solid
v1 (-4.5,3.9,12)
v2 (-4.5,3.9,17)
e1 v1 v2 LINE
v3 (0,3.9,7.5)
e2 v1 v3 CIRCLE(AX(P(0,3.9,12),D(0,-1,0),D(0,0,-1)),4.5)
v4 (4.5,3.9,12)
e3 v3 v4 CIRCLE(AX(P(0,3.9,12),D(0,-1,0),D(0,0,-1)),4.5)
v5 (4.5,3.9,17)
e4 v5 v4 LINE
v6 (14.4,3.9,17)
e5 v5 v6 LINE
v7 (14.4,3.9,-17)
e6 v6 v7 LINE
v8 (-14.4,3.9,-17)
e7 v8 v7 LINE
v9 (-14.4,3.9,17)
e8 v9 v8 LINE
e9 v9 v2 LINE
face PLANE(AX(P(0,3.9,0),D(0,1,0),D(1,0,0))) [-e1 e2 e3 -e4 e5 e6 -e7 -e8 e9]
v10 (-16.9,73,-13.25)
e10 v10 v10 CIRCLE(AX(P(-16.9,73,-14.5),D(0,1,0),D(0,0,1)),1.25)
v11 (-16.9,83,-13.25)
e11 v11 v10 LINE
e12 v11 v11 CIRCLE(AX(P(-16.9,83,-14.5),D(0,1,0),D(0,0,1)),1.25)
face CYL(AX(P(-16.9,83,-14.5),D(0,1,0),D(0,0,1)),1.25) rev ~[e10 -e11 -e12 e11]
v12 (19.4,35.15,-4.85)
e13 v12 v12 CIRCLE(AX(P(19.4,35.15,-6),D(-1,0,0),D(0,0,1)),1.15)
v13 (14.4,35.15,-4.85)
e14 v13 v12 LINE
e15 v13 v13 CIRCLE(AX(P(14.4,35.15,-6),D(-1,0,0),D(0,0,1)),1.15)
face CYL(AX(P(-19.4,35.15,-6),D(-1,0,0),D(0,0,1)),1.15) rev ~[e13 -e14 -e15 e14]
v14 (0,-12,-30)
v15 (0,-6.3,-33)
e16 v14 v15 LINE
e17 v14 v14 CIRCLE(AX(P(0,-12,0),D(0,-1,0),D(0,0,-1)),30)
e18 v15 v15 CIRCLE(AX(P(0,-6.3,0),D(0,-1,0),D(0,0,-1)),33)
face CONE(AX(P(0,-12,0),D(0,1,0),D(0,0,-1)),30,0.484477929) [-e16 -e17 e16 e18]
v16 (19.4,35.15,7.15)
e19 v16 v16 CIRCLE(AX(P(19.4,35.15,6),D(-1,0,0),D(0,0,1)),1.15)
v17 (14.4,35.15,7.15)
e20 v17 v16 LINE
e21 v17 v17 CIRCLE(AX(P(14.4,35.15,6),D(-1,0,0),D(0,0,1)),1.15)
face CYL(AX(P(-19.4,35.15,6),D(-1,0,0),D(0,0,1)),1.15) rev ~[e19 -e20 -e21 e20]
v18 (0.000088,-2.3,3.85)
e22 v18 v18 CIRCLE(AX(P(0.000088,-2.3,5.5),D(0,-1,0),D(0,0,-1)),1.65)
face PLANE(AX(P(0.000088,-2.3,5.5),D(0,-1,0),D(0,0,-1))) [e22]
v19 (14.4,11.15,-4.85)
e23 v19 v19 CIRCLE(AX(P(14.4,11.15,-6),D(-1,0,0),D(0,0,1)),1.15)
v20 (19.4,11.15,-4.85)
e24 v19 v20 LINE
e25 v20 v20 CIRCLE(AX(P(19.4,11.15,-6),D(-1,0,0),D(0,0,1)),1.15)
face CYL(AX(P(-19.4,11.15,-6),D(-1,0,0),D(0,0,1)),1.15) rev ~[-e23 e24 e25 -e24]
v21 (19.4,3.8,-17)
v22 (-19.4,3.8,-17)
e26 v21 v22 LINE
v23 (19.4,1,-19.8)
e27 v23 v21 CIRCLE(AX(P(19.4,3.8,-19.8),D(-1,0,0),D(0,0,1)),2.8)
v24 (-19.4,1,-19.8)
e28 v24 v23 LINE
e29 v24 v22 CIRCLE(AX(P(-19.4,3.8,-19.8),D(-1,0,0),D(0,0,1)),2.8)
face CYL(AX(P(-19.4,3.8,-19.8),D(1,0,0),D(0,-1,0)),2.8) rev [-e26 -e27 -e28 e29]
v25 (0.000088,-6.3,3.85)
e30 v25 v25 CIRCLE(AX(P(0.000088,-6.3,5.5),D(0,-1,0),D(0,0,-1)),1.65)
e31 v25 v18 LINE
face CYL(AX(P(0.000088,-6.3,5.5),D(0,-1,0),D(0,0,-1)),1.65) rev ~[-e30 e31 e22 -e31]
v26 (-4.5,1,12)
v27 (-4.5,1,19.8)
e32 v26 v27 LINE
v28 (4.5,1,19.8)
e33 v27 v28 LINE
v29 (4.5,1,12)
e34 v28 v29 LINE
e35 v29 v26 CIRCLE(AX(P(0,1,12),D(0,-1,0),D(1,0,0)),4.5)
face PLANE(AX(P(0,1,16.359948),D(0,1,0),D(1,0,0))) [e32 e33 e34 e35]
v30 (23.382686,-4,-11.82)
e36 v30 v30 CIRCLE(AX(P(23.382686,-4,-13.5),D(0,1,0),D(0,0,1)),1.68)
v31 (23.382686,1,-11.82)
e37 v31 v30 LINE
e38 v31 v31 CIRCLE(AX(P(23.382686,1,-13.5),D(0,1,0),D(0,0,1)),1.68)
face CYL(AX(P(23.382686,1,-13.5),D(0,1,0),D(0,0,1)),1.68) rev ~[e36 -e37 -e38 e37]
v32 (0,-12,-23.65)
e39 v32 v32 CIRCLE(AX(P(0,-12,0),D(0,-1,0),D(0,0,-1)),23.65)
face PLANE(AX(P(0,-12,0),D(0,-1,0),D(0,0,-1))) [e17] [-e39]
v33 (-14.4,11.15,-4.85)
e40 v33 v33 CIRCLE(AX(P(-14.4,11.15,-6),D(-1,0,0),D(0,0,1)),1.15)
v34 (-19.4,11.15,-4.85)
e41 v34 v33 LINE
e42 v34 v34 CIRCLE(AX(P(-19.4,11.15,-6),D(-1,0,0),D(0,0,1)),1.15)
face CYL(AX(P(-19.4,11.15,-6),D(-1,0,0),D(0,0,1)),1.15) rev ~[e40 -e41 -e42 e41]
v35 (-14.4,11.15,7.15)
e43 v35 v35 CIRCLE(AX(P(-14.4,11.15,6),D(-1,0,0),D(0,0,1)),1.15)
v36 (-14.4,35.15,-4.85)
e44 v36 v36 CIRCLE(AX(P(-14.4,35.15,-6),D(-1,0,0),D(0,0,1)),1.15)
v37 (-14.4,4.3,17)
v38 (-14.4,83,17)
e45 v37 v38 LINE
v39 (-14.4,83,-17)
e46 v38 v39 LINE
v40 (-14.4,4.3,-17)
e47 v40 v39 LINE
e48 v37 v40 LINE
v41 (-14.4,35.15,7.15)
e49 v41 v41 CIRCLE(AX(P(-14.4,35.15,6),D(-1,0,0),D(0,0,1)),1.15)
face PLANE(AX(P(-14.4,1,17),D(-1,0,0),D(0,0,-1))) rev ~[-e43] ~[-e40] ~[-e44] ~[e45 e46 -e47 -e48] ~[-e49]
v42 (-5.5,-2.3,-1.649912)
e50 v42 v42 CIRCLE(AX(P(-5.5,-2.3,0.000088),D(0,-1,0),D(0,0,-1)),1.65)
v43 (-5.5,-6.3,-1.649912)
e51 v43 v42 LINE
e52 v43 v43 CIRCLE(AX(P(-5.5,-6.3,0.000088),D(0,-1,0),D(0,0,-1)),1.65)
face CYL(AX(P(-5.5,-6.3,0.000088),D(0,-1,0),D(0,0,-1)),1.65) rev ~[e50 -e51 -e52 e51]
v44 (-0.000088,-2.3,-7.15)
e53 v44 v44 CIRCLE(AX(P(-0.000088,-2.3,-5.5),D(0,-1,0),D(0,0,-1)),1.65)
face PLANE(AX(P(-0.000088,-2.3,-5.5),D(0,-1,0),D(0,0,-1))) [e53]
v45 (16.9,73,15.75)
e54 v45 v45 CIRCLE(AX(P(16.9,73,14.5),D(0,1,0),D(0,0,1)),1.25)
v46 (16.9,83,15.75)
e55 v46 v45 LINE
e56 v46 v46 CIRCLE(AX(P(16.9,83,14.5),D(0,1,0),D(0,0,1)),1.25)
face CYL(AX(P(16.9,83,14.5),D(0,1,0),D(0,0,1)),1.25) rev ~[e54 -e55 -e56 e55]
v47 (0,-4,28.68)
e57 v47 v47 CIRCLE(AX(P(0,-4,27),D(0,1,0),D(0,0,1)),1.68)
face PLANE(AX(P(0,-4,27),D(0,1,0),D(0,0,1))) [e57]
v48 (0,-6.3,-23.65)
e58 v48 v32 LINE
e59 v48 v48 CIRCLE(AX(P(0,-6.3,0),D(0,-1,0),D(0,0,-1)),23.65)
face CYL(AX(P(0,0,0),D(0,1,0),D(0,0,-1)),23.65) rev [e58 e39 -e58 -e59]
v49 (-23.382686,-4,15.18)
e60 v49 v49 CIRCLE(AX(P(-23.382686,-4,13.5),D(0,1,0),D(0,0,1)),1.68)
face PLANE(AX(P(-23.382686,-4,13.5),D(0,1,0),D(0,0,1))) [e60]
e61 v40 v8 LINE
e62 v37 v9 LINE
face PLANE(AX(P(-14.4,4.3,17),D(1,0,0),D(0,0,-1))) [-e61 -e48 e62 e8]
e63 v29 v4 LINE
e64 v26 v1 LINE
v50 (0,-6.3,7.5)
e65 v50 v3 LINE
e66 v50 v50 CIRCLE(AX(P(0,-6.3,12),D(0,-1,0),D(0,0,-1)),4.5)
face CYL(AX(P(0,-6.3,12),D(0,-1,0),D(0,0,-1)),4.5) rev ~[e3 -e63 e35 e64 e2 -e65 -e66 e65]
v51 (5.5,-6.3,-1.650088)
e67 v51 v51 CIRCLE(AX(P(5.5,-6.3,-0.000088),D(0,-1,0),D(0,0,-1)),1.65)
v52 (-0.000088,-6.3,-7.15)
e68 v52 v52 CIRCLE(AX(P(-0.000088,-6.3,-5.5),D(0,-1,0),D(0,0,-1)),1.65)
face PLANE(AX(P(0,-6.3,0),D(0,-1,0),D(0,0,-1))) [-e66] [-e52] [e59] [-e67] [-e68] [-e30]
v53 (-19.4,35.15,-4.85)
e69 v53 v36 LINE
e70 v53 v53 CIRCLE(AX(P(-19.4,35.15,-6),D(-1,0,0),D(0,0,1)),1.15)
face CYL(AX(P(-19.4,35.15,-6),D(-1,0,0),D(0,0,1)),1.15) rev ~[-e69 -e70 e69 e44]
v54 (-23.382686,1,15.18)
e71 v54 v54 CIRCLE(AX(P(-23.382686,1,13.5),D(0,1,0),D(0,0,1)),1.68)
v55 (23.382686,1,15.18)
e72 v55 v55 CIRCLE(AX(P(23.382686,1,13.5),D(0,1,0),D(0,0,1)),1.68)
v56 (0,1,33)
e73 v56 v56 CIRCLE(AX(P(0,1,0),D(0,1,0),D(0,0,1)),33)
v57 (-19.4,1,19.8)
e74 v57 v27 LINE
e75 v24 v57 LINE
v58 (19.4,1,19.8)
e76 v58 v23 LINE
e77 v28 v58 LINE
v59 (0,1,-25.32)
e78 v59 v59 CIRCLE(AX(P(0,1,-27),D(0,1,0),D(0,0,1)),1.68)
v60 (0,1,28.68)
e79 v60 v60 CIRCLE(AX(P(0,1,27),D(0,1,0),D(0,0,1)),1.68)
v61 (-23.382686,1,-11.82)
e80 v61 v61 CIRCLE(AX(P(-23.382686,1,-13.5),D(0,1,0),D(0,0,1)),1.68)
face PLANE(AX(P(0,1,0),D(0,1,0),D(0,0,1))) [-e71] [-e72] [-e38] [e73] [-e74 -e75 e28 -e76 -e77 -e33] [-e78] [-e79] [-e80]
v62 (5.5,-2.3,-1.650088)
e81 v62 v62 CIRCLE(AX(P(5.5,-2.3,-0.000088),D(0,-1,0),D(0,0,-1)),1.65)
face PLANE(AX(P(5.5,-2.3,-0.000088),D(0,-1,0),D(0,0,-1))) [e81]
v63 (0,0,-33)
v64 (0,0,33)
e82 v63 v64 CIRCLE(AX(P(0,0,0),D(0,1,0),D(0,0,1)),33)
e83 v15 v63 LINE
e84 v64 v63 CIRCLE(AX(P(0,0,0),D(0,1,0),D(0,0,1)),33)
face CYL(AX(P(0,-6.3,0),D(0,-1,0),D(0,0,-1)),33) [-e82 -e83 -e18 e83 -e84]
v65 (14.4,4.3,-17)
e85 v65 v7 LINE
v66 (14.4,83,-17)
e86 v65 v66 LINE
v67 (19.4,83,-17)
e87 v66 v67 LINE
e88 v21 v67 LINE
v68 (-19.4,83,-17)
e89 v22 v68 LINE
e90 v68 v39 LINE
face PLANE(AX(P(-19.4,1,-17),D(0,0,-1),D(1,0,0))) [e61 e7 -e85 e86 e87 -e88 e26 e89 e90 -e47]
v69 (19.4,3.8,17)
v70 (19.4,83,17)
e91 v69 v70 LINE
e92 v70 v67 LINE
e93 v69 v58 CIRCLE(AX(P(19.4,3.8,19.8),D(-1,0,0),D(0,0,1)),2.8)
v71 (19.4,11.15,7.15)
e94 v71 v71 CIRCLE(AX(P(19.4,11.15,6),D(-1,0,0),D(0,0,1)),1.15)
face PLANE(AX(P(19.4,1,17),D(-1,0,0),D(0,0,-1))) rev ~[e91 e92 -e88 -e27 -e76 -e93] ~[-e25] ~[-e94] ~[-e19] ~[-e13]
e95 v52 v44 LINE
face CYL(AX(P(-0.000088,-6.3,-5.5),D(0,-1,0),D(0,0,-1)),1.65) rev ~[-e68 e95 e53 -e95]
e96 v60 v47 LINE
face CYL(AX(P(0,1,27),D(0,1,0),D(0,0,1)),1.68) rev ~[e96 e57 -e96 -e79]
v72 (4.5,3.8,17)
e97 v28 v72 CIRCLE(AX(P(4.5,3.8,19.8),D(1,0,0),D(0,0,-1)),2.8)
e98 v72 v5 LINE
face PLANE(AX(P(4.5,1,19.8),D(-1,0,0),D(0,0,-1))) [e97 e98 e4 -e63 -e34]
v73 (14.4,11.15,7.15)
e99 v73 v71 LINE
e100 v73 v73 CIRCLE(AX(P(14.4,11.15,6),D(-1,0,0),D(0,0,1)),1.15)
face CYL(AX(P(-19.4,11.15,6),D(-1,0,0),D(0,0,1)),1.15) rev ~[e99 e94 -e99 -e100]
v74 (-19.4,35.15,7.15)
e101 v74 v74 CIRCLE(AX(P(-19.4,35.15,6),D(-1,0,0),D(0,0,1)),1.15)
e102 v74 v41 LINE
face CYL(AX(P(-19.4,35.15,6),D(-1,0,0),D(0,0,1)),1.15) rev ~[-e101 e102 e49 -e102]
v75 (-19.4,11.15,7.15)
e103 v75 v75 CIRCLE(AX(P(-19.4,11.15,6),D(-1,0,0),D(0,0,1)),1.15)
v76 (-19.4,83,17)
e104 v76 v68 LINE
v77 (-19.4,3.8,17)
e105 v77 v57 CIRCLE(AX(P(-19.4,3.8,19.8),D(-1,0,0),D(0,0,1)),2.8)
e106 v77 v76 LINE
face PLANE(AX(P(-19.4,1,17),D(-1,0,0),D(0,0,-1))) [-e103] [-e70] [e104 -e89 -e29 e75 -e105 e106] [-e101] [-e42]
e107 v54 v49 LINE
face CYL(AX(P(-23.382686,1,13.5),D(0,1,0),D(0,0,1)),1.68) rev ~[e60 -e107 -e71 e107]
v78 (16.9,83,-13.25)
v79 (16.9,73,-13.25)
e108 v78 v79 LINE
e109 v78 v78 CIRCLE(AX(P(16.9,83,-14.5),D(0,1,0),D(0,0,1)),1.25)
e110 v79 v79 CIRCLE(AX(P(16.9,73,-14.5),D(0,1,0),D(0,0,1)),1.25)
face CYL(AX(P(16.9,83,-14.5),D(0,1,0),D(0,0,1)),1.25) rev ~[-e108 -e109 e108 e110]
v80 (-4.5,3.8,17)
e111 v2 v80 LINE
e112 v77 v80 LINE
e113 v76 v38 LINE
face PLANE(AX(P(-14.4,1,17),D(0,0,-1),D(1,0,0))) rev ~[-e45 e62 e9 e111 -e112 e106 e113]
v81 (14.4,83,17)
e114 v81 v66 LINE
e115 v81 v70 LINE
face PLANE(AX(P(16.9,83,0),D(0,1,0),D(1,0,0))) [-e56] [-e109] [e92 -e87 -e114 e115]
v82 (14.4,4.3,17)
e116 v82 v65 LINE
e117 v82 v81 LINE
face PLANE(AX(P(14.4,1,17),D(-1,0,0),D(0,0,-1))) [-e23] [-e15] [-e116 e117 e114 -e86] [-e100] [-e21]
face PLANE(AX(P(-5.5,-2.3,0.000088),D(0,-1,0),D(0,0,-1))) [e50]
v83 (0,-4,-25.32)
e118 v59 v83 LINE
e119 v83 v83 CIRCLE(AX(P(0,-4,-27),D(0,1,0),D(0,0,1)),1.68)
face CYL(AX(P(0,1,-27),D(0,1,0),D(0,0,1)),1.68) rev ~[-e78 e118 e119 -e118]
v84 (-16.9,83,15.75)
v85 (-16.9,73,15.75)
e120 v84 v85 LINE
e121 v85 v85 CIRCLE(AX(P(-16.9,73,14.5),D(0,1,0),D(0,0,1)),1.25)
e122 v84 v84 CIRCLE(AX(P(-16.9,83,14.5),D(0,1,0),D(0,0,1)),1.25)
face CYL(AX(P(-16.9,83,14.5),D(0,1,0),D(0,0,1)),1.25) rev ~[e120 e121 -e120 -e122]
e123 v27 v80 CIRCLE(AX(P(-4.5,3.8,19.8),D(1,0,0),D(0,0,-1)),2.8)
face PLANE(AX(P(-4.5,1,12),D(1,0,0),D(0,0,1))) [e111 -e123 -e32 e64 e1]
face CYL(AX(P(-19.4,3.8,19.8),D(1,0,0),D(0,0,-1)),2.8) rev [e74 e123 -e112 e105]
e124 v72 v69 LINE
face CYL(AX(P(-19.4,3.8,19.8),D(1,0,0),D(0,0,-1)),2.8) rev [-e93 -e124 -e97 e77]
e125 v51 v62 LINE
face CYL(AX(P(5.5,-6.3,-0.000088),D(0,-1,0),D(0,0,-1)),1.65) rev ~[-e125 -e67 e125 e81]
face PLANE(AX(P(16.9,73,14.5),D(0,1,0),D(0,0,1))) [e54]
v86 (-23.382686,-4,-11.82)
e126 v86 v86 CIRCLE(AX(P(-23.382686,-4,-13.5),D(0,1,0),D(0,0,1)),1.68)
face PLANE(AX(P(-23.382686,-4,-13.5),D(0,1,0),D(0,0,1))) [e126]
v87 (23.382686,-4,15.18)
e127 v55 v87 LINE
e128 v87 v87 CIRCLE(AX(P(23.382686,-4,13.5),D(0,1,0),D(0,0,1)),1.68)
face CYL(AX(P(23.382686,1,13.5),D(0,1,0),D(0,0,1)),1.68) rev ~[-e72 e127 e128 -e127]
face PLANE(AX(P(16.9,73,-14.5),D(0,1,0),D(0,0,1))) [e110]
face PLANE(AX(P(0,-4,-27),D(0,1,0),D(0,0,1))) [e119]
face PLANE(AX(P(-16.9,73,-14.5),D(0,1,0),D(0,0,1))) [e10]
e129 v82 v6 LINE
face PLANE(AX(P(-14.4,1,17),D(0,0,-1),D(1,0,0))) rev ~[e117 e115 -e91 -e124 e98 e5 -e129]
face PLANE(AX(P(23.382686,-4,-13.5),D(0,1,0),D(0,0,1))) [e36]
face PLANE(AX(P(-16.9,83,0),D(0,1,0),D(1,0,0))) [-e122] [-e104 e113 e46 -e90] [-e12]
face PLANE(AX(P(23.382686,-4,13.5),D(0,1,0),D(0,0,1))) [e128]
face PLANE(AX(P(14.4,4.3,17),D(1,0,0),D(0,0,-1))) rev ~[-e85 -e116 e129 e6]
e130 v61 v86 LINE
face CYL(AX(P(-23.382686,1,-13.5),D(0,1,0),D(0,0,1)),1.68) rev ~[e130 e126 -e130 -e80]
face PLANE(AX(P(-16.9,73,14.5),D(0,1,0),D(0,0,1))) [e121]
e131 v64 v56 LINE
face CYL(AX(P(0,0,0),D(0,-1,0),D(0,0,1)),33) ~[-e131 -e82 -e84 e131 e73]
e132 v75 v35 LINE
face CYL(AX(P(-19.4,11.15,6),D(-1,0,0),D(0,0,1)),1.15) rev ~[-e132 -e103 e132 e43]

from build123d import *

# Parameters (mm, degrees)
CROQUIS2_R              = 33
SALIENTE_EXTRUIR1_DEPTH = 1
SALIENTE_EXTRUIR2_START = 6.3
CROQUIS3_R              = 33
CROQUIS3_R_2            = 27.85
SALIENTE_EXTRUIR2_DEPTH = 6.3
CROQUIS4_W              = 5
CROQUIS4_H              = 34
SALIENTE_EXTRUIR3_DEPTH = 82
CROQUIS5_W              = 28.8
CROQUIS5_H              = 34
SALIENTE_EXTRUIR4_DEPTH = 3.3
CROQUIS6_R              = 1.5
CORTAR_EXTRUIR1_DEPTH   = 5
REDONDEO2_R             = 2.8
CROQUIS7_R              = 1.25
CORTAR_EXTRUIR2_DEPTH   = 10
CROQUIS9_R              = 30
CROQUIS9_R_2            = 23.65
SALIENTE_EXTRUIR5_DEPTH = 12
CROQUIS10_R             = 23.65
SALIENTE_EXTRUIR6_DEPTH = 6.3
CROQUIS12_R             = 1.65
CORTAR_EXTRUIR4_DEPTH   = 4
CROQUIS13_R             = 1.68
CORTAR_EXTRUIR5_DEPTH   = 5
CORTAR_EXTRUIR9_REACH   = 102.76
CROQUIS14_R             = 4.5
CROQUIS16_W             = 28.8
CROQUIS16_H             = 34
CORTAR_EXTRUIR11_DEPTH  = 0.4
CORTAR_EXTRUIR12_START  = -2.9
CORTAR_EXTRUIR12_DEPTH  = 2.9
CORTAR_EXTRUIR13_REACH  = 105.556
CROQUIS18_R             = 1.15


with BuildPart() as part:
    # Croquis2 → Saliente-Extruir1 (new body)
    with BuildSketch(Plane(origin=(0, 0, 0), x_dir=(1, 0, 0), z_dir=(0, 1, 0))):
        with Locations(Location((0, 0, 0), (0, 0, 270))):
            Circle(CROQUIS2_R)
    extrude(amount=SALIENTE_EXTRUIR1_DEPTH)

    # Croquis3 → Saliente-Extruir2 (add)
    with BuildSketch(Plane.XZ.offset(SALIENTE_EXTRUIR2_START)):
        with Locations(Location((0, 0, 0), (0, 0, 270))):
            Circle(CROQUIS3_R)
        with Locations(Location((0, 0, 0), (0, 0, 270))):
            Circle(CROQUIS3_R_2, mode=Mode.SUBTRACT)
    extrude(amount=-SALIENTE_EXTRUIR2_DEPTH)

    # Croquis4 → Saliente-Extruir3 (add)
    with BuildSketch(Plane(origin=(0, 1, 0), x_dir=(1, 0, 0), z_dir=(0, 1, 0))):
        with Locations((-16.9, 0)):
            Rectangle(CROQUIS4_W, CROQUIS4_H)
        with Locations((16.9, 0)):
            Rectangle(CROQUIS4_W, CROQUIS4_H)
    extrude(amount=SALIENTE_EXTRUIR3_DEPTH)

    # Croquis5 → Saliente-Extruir4 (add)
    with BuildSketch(Plane(origin=(0, 1, 0), x_dir=(1, 0, 0), z_dir=(0, 1, 0))):
        Rectangle(CROQUIS5_W, CROQUIS5_H)
    extrude(amount=SALIENTE_EXTRUIR4_DEPTH)

    # Croquis6 → Cortar-Extruir1 (cut)
    with BuildSketch(Plane(origin=(0, 1, 0), x_dir=(1, 0, 0), z_dir=(0, 1, 0))):
        with Locations(Location((23.382685902, 13.5, 0), (0, 0, 270))):
            Circle(CROQUIS6_R)
        with Locations(Location((0, 27, 0), (0, 0, 270))):
            Circle(CROQUIS6_R)
        with Locations(Location((23.382685902, -13.5, 0), (0, 0, 270))):
            Circle(CROQUIS6_R)
        with Locations(Location((0, -27, 0), (0, 0, 270))):
            Circle(CROQUIS6_R)
        with Locations(Location((-23.382685902, -13.5, 0), (0, 0, 270))):
            Circle(CROQUIS6_R)
        with Locations(Location((-23.382685902, 13.5, 0), (0, 0, 270))):
            Circle(CROQUIS6_R)
    extrude(amount=-CORTAR_EXTRUIR1_DEPTH, mode=Mode.SUBTRACT)

    # Redondeo2
    redondeo2_edges = [part.edges().sort_by_distance(p)[0] for p in [
        (0, 1, 17),
        (0, 1, -17),
    ]]
    fillet(redondeo2_edges, radius=REDONDEO2_R)

    # Croquis7 → Cortar-Extruir2 (cut)
    with BuildSketch(Plane(origin=(0, 83, 0), x_dir=(1, 0, 0), z_dir=(0, 1, 0))):
        with Locations(Location((16.9, 14.5, 0), (0, 0, 270))):
            Circle(CROQUIS7_R)
        with Locations(Location((-16.9, 14.5, 0), (0, 0, 270))):
            Circle(CROQUIS7_R)
        with Locations(Location((-16.9, -14.5, 0), (0, 0, 270))):
            Circle(CROQUIS7_R)
        with Locations(Location((16.9, -14.5, 0), (0, 0, 270))):
            Circle(CROQUIS7_R)
    extrude(amount=-CORTAR_EXTRUIR2_DEPTH, mode=Mode.SUBTRACT)

    # Croquis9 → Saliente-Extruir5 (add)
    with BuildSketch(Plane.XZ):
        with Locations(Location((0, 0, 0), (0, 0, 270))):
            Circle(CROQUIS9_R)
        with Locations(Location((0, 0, 0), (0, 0, 270))):
            Circle(CROQUIS9_R_2, mode=Mode.SUBTRACT)
    extrude(amount=SALIENTE_EXTRUIR5_DEPTH)

    # Croquis10 → Saliente-Extruir6 (add)
    with BuildSketch(Plane.XZ):
        with Locations(Location((0, 0, 0), (0, 0, 270))):
            Circle(CROQUIS10_R)
    extrude(amount=SALIENTE_EXTRUIR6_DEPTH)

    # Croquis11 → Revolución1 (revolve)
    with BuildSketch(Plane(origin=(0, 0, 0), x_dir=(0, 0, -1), z_dir=(1, 0, 0))):
        Polygon((33, -6.3), (30, -6.3), (30, -12), align=None)
    revolve(axis=Axis((0, -12, 0), (0, 1, 0)))

    # Croquis12 → Cortar-Extruir4 (cut)
    with BuildSketch(Plane.XZ.offset(6.3)):
        with Locations(Location((-8.7777e-05, -5.499999999, 0), (0, 0, 270))):
            Circle(CROQUIS12_R)
        with Locations(Location((5.499999999, -8.7777e-05, 0), (0, 0, 270))):
            Circle(CROQUIS12_R)
        with Locations(Location((-5.499999999, 8.7777e-05, 0), (0, 0, 270))):
            Circle(CROQUIS12_R)
        with Locations(Location((8.7777e-05, 5.499999999, 0), (0, 0, 270))):
            Circle(CROQUIS12_R)
    extrude(amount=-CORTAR_EXTRUIR4_DEPTH, mode=Mode.SUBTRACT)

    # Croquis13 → Cortar-Extruir5 (cut)
    with BuildSketch(Plane(origin=(0, 1, 0), x_dir=(1, 0, 0), z_dir=(0, 1, 0))):
        with Locations(Location((-23.382685902, 13.5, 0), (0, 0, 270))):
            Circle(CROQUIS13_R)
        with Locations(Location((0, 27, 0), (0, 0, 270))):
            Circle(CROQUIS13_R)
        with Locations(Location((23.382685902, 13.5, 0), (0, 0, 270))):
            Circle(CROQUIS13_R)
        with Locations(Location((23.382685902, -13.5, 0), (0, 0, 270))):
            Circle(CROQUIS13_R)
        with Locations(Location((0, -27, 0), (0, 0, 270))):
            Circle(CROQUIS13_R)
        with Locations(Location((-23.382685902, -13.5, 0), (0, 0, 270))):
            Circle(CROQUIS13_R)
    extrude(amount=-CORTAR_EXTRUIR5_DEPTH, mode=Mode.SUBTRACT)

    # Croquis14 → Cortar-Extruir9 (cut, up to next)
    with BuildSketch(Plane.XZ.offset(6.3), mode=Mode.PRIVATE) as cortar_extruir9_sk1:
        with Locations(Location((0, 11.999999999, 0), (0, 0, 270))):
            Circle(CROQUIS14_R)
    cortar_extruir9_tool1 = extrude(cortar_extruir9_sk1.sketch, amount=-CORTAR_EXTRUIR9_REACH, mode=Mode.PRIVATE) & part.part
    add(cortar_extruir9_tool1.solids().sort_by_distance((0, -6.3, 12))[0], mode=Mode.SUBTRACT)

    # Croquis16 → Cortar-Extruir11 (cut)
    with BuildSketch(Plane(origin=(0, 4.3, 0), x_dir=(1, 0, 0), z_dir=(0, 1, 0))):
        Rectangle(CROQUIS16_W, CROQUIS16_H)
    extrude(amount=-CORTAR_EXTRUIR11_DEPTH, mode=Mode.SUBTRACT)

    # Croquis17 → Cortar-Extruir12 (cut)
    with BuildSketch(Plane(origin=(0, 3.9, 0), x_dir=(1, 0, 0), z_dir=(0, 1, 0)).offset(CORTAR_EXTRUIR12_START)):
        with BuildLine():
            Line((-4.5, -11.999999999), (-4.5, -19.8))
            Line((-4.5, -19.8), (4.5, -19.8))
            Line((4.5, -19.8), (4.5, -11.999999999))
            ThreePointArc((4.5, -11.999999999), (0, -16.499999999), (-4.5, -11.999999999))
        make_face()
    extrude(amount=CORTAR_EXTRUIR12_DEPTH, mode=Mode.SUBTRACT)

    # Cortar-Extruir13: up to this face of the body (flat: up to its plane)
    cortar_extruir13_end = Plane(part.part.faces().sort_by_distance((19.4, 41.951328943, 0))[0])
    # Croquis18 → Cortar-Extruir13 (cut, up to the picked face)
    with BuildSketch(Plane.ZY.offset(19.4), mode=Mode.PRIVATE) as cortar_extruir13_sk1:
        with Locations((6, 11.15)):
            Circle(CROQUIS18_R)
    cortar_extruir13_tool1 = split(extrude(cortar_extruir13_sk1.sketch, amount=-CORTAR_EXTRUIR13_REACH, mode=Mode.PRIVATE), bisect_by=cortar_extruir13_end, keep=Keep.BOTH, mode=Mode.PRIVATE)
    # Croquis18 → Cortar-Extruir13 (cut, up to the picked face)
    with BuildSketch(Plane.ZY.offset(19.4), mode=Mode.PRIVATE) as cortar_extruir13_sk2:
        with Locations((-6, 11.15)):
            Circle(CROQUIS18_R)
    cortar_extruir13_tool2 = split(extrude(cortar_extruir13_sk2.sketch, amount=-CORTAR_EXTRUIR13_REACH, mode=Mode.PRIVATE), bisect_by=cortar_extruir13_end, keep=Keep.BOTH, mode=Mode.PRIVATE)
    # Croquis18 → Cortar-Extruir13 (cut, up to the picked face)
    with BuildSketch(Plane.ZY.offset(19.4), mode=Mode.PRIVATE) as cortar_extruir13_sk3:
        with Locations((-6, 35.15)):
            Circle(CROQUIS18_R)
    cortar_extruir13_tool3 = split(extrude(cortar_extruir13_sk3.sketch, amount=-CORTAR_EXTRUIR13_REACH, mode=Mode.PRIVATE), bisect_by=cortar_extruir13_end, keep=Keep.BOTH, mode=Mode.PRIVATE)
    # Croquis18 → Cortar-Extruir13 (cut, up to the picked face)
    with BuildSketch(Plane.ZY.offset(19.4), mode=Mode.PRIVATE) as cortar_extruir13_sk4:
        with Locations((6, 35.15)):
            Circle(CROQUIS18_R)
    cortar_extruir13_tool4 = split(extrude(cortar_extruir13_sk4.sketch, amount=-CORTAR_EXTRUIR13_REACH, mode=Mode.PRIVATE), bisect_by=cortar_extruir13_end, keep=Keep.BOTH, mode=Mode.PRIVATE)
    add(cortar_extruir13_tool1.solids().sort_by(Axis((-19.4, 11.15, 6), (1, 0, 0)))[0], mode=Mode.SUBTRACT)
    add(cortar_extruir13_tool2.solids().sort_by(Axis((-19.4, 11.15, -6), (1, 0, 0)))[0], mode=Mode.SUBTRACT)
    add(cortar_extruir13_tool3.solids().sort_by(Axis((-19.4, 35.15, -6), (1, 0, 0)))[0], mode=Mode.SUBTRACT)
    add(cortar_extruir13_tool4.solids().sort_by(Axis((-19.4, 35.15, 6), (1, 0, 0)))[0], mode=Mode.SUBTRACT)


solid = part.part
